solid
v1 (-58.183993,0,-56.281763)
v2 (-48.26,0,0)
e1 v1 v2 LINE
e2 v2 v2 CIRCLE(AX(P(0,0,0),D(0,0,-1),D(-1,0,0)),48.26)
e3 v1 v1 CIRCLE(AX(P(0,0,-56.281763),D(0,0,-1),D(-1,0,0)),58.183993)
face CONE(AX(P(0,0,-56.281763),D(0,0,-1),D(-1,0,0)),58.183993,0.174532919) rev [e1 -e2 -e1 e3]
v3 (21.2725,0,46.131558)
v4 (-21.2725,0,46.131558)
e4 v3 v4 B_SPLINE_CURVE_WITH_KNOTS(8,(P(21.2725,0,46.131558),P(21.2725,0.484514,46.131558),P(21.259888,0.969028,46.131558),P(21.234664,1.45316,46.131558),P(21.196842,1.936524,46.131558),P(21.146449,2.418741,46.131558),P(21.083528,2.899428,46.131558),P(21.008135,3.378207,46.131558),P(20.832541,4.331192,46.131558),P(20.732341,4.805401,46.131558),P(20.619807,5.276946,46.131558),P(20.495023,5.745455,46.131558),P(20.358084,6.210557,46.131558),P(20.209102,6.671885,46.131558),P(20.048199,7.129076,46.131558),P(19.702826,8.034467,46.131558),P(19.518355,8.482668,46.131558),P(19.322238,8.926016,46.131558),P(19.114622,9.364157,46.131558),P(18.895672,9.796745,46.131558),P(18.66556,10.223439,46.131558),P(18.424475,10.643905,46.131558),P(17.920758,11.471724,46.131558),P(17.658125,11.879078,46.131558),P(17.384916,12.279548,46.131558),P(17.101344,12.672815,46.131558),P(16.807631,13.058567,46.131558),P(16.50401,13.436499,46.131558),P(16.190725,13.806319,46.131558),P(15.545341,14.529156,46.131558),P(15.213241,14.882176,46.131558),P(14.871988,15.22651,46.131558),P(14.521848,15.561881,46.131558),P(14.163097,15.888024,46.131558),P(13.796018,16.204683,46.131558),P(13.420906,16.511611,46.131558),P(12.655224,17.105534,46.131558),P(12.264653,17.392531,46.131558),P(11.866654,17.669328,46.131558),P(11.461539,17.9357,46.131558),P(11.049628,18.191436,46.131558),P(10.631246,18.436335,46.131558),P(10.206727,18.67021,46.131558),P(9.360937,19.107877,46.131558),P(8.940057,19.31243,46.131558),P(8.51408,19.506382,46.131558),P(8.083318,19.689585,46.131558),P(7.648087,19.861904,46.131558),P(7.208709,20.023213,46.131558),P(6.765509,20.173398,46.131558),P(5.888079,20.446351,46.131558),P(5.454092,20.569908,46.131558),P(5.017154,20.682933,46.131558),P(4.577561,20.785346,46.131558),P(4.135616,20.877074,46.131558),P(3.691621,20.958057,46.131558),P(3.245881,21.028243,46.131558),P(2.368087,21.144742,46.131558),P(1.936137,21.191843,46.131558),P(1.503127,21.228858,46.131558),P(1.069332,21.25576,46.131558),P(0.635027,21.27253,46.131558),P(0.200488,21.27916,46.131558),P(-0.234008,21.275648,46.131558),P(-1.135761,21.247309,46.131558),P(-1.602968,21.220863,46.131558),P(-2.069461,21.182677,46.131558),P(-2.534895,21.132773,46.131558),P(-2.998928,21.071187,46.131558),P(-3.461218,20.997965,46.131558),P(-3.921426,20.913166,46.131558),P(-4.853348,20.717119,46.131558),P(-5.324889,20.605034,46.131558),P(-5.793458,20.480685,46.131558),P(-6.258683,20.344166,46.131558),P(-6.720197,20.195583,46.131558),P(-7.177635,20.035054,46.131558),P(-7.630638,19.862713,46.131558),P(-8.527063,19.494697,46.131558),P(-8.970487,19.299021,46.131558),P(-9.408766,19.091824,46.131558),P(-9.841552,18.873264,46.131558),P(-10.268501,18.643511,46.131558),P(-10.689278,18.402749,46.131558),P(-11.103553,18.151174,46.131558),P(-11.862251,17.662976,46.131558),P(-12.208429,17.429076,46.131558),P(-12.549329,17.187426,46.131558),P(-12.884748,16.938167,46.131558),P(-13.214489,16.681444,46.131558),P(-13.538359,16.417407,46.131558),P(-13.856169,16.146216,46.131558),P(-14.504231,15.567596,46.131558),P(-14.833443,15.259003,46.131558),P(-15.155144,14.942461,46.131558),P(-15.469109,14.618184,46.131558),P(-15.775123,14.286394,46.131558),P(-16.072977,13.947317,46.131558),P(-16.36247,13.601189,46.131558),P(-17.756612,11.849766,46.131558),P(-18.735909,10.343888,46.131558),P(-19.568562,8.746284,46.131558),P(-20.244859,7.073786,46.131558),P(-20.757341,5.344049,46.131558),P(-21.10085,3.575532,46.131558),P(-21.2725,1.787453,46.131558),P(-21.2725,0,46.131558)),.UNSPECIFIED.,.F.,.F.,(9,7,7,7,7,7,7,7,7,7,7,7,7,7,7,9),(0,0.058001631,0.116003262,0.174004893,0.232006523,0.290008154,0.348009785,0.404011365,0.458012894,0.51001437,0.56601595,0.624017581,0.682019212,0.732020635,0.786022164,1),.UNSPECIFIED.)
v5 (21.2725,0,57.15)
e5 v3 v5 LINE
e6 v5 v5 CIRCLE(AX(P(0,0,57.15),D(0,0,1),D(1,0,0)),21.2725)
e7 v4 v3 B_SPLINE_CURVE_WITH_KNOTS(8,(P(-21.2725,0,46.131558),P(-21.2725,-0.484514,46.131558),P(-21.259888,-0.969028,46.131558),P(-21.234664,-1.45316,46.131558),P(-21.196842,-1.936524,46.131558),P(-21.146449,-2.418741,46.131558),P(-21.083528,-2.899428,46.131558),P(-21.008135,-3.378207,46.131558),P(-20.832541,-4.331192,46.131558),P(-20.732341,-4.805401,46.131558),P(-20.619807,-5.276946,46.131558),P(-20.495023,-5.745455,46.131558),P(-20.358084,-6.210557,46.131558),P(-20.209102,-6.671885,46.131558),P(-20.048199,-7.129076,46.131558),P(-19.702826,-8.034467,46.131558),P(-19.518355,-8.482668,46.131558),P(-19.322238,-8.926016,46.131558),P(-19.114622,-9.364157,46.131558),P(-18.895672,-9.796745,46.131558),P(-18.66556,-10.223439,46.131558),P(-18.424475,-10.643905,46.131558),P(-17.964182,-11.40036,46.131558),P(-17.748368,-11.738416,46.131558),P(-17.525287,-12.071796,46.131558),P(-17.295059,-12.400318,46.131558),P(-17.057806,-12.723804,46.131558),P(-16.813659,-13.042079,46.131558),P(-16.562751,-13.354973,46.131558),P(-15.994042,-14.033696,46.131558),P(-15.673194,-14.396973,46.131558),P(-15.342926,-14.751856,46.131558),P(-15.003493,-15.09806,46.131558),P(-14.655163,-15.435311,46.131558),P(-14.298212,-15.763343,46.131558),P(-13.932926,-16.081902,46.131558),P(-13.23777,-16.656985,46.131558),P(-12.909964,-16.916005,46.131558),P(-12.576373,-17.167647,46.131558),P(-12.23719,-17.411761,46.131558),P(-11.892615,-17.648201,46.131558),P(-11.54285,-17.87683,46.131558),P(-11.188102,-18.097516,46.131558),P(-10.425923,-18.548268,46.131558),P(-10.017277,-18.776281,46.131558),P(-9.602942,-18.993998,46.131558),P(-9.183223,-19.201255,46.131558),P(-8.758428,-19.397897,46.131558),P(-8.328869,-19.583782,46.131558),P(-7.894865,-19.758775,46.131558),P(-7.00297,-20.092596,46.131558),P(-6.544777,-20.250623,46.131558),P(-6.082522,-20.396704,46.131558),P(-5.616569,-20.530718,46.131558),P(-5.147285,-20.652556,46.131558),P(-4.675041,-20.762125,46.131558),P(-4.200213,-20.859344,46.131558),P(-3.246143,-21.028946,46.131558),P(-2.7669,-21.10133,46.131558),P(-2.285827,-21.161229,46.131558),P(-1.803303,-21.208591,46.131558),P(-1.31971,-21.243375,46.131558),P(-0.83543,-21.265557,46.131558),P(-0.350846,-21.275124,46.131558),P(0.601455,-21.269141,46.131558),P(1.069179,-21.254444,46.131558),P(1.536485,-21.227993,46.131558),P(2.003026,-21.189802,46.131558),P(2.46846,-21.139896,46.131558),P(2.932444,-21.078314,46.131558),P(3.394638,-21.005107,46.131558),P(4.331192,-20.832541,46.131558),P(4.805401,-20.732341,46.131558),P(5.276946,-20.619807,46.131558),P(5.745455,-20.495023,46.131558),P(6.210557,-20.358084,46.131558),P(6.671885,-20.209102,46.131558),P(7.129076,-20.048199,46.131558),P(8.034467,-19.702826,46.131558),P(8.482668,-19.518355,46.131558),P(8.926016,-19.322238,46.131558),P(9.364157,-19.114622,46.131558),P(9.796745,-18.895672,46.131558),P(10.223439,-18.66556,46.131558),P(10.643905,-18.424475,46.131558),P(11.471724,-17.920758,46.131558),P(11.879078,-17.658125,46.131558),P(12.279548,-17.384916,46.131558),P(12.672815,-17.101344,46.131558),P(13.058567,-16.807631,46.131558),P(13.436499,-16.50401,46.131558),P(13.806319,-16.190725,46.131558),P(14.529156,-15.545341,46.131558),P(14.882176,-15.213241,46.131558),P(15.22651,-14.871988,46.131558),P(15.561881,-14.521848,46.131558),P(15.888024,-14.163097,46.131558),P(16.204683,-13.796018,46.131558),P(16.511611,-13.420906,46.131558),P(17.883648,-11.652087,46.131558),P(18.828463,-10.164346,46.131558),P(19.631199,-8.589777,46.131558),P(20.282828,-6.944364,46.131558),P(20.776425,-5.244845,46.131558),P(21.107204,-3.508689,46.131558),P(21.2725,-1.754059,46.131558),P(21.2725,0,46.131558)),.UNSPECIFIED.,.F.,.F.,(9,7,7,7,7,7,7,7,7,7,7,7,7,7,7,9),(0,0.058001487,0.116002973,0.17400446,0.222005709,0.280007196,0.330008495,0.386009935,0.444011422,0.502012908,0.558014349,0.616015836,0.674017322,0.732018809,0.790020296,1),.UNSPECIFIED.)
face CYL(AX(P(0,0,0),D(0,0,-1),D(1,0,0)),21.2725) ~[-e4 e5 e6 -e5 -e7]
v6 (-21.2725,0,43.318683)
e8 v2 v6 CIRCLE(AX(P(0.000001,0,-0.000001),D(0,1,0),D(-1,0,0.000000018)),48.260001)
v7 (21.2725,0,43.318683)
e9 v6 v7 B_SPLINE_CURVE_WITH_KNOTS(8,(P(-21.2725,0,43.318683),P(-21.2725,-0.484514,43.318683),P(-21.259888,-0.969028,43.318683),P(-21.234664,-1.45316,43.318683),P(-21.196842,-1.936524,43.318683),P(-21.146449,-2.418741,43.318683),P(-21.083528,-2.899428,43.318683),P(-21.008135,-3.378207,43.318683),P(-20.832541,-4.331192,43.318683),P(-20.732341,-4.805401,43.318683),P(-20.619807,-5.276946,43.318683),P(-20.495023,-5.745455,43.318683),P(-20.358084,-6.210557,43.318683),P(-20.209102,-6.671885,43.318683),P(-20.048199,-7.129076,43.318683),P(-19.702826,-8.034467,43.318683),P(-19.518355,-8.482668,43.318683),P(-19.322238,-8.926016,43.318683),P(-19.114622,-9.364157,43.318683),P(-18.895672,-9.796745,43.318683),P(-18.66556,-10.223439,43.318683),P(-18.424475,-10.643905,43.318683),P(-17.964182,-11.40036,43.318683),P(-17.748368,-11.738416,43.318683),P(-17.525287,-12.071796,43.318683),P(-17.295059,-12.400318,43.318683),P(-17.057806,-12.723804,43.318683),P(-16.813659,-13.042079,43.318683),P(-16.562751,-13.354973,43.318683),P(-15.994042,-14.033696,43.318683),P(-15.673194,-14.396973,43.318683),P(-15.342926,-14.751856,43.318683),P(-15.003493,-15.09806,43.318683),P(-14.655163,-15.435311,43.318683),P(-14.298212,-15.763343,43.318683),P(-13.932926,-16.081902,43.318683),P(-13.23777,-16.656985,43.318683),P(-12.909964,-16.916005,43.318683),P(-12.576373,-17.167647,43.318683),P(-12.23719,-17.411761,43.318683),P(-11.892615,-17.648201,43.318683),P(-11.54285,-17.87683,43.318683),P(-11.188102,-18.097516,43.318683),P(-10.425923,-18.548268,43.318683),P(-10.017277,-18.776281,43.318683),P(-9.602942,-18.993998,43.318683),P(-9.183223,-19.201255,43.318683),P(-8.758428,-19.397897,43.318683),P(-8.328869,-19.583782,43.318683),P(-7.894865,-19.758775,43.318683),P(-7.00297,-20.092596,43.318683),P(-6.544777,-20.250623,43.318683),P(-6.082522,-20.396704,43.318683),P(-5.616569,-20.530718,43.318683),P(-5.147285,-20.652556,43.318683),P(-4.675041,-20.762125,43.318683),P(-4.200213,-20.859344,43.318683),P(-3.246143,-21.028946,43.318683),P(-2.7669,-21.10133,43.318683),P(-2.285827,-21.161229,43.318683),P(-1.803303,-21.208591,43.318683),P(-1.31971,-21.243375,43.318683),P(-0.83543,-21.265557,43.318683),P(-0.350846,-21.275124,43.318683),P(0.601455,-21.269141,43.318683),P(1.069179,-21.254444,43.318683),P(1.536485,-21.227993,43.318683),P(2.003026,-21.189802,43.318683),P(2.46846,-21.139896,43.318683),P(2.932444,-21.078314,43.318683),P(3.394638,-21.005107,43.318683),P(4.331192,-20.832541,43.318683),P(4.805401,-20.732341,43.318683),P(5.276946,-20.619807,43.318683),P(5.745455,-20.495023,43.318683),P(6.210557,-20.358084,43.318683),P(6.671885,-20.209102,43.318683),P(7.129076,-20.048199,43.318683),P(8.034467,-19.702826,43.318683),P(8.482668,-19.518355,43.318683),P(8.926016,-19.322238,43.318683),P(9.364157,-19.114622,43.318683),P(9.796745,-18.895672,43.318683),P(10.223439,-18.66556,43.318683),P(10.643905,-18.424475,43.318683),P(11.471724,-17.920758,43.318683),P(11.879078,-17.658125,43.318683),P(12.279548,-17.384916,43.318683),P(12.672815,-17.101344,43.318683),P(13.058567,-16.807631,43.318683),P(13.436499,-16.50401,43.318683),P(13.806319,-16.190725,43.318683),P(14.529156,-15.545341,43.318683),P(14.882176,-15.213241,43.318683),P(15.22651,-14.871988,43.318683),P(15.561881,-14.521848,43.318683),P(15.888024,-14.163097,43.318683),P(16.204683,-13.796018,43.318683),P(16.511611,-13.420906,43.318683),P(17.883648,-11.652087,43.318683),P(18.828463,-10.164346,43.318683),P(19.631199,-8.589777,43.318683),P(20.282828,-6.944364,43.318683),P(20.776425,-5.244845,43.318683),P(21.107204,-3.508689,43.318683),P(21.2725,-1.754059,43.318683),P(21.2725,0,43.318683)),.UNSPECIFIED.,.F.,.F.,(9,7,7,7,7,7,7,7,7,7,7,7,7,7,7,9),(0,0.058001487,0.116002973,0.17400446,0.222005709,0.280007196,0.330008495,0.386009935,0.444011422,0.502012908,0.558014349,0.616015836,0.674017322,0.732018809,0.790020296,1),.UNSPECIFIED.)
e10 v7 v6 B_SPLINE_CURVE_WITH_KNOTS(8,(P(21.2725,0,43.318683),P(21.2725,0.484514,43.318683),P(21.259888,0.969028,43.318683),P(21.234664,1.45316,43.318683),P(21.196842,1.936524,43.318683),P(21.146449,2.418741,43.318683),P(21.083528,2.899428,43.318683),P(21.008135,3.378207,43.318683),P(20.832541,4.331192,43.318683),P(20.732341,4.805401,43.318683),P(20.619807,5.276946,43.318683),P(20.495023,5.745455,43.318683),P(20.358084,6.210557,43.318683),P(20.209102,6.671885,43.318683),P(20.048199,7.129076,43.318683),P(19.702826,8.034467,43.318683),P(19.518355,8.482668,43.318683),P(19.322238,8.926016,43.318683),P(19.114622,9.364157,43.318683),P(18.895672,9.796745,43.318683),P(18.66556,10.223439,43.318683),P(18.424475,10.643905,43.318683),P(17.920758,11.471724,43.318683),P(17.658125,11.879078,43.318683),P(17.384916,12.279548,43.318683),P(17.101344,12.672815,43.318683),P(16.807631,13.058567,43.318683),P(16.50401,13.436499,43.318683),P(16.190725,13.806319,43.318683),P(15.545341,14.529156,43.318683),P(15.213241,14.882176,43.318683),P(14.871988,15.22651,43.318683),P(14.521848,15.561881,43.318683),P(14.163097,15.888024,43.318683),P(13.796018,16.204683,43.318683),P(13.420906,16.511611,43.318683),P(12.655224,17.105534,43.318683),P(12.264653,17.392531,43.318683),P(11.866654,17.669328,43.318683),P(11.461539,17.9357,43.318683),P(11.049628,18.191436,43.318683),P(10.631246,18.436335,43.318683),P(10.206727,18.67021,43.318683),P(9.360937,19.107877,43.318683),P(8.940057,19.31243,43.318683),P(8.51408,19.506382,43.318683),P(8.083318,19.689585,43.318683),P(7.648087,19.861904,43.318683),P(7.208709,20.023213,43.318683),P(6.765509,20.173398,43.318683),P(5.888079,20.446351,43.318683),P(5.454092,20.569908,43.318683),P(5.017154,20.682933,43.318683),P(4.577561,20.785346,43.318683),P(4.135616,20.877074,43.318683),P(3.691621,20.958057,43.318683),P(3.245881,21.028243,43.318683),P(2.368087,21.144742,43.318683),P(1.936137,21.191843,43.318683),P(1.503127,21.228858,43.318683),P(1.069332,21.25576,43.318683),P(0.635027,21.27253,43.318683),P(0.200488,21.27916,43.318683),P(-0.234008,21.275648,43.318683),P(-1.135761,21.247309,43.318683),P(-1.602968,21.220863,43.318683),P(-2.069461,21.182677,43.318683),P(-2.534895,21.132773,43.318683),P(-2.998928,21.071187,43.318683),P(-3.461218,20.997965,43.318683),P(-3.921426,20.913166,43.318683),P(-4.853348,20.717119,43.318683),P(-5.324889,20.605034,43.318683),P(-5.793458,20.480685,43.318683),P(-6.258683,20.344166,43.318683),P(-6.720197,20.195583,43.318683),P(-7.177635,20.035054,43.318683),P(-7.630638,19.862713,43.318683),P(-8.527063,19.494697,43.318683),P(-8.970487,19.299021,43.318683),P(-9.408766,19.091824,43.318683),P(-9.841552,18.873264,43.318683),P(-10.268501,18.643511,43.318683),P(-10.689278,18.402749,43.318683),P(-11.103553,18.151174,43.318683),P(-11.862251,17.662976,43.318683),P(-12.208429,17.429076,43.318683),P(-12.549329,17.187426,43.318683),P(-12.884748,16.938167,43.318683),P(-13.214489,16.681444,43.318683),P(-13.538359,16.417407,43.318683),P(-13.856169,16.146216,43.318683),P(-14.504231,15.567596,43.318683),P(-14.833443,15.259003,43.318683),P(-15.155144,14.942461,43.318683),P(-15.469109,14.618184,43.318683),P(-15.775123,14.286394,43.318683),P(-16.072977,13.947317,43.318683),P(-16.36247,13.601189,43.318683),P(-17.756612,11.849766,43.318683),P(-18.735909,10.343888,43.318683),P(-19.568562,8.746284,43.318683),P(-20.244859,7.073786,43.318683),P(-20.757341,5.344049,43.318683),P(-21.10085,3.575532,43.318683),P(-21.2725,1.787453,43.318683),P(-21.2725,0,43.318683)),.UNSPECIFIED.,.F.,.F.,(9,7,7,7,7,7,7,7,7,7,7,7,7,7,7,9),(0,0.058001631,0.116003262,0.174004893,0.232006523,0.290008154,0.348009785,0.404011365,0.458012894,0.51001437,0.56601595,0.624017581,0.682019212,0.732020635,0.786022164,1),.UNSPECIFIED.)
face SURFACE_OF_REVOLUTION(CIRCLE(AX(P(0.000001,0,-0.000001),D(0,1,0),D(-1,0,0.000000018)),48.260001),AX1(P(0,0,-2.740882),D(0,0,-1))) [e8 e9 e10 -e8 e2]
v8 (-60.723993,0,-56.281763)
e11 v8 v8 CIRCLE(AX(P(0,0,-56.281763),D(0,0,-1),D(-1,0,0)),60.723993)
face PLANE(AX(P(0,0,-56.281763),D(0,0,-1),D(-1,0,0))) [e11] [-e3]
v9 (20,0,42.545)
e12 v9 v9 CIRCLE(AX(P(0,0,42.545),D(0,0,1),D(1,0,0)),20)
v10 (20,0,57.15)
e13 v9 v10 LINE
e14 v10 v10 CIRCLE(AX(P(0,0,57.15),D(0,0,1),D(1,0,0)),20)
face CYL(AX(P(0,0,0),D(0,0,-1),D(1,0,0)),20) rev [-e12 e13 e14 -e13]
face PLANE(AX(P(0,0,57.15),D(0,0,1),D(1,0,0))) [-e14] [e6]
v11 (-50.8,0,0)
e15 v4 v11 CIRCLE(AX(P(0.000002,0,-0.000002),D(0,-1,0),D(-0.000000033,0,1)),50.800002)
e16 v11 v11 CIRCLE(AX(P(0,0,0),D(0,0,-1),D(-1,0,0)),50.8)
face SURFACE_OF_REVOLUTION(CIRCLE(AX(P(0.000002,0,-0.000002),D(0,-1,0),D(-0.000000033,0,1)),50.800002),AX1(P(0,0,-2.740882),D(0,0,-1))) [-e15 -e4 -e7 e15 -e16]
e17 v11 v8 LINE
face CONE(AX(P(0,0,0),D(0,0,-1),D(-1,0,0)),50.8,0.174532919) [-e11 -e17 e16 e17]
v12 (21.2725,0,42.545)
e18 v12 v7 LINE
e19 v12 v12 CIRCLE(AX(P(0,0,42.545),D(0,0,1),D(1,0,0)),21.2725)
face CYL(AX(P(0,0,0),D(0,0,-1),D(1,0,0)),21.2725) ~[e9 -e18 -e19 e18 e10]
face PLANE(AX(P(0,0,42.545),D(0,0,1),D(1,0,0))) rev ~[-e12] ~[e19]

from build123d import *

# Parameters (mm, degrees)
F2_R     = 21.2725
F2_R_2   = 20
F3_DEPTH = 57.15
F4_DEPTH = 57.151
F5_DEPTH = 42.545


with BuildPart() as f1:
    # F0 (on Front) → F1 (revolve)
    with BuildSketch(Plane.XZ):
        with BuildLine():
            Line((0, 48.26), (0, 50.8))
            ThreePointArc((0, 50.8), (-35.921024, 35.921024), (-50.8, 0))
            Line((-50.8, 0), (-48.26, 0))
            ThreePointArc((-48.26, 0), (-34.124973, 34.124973), (0, 48.26))
        make_face()
        Polygon((-48.26, 0), (-50.8, 0), (-60.723993, -56.281763), (-58.183993, -56.281763), align=None)
    revolve(axis=Axis((0, 0, -2.740882), (0, 0, -1)))

    # F2 (on Top) → F3 (join)
    with BuildSketch(Plane.XY):
        Circle(F2_R)
        Circle(F2_R_2, mode=Mode.SUBTRACT)
    extrude(amount=F3_DEPTH)

    # F2 (on Top) → F4 (cut, through all)
    with BuildSketch(Plane.XY):
        Circle(F2_R_2)
    extrude(amount=F4_DEPTH, mode=Mode.SUBTRACT)

    # F2 (on Top) → F5 (cut)
    with BuildSketch(Plane.XY):
        Circle(F2_R_2)
        Circle(F2_R)
        Circle(F2_R_2, mode=Mode.SUBTRACT)
    extrude(amount=F5_DEPTH, mode=Mode.SUBTRACT)


solid = f1.part
